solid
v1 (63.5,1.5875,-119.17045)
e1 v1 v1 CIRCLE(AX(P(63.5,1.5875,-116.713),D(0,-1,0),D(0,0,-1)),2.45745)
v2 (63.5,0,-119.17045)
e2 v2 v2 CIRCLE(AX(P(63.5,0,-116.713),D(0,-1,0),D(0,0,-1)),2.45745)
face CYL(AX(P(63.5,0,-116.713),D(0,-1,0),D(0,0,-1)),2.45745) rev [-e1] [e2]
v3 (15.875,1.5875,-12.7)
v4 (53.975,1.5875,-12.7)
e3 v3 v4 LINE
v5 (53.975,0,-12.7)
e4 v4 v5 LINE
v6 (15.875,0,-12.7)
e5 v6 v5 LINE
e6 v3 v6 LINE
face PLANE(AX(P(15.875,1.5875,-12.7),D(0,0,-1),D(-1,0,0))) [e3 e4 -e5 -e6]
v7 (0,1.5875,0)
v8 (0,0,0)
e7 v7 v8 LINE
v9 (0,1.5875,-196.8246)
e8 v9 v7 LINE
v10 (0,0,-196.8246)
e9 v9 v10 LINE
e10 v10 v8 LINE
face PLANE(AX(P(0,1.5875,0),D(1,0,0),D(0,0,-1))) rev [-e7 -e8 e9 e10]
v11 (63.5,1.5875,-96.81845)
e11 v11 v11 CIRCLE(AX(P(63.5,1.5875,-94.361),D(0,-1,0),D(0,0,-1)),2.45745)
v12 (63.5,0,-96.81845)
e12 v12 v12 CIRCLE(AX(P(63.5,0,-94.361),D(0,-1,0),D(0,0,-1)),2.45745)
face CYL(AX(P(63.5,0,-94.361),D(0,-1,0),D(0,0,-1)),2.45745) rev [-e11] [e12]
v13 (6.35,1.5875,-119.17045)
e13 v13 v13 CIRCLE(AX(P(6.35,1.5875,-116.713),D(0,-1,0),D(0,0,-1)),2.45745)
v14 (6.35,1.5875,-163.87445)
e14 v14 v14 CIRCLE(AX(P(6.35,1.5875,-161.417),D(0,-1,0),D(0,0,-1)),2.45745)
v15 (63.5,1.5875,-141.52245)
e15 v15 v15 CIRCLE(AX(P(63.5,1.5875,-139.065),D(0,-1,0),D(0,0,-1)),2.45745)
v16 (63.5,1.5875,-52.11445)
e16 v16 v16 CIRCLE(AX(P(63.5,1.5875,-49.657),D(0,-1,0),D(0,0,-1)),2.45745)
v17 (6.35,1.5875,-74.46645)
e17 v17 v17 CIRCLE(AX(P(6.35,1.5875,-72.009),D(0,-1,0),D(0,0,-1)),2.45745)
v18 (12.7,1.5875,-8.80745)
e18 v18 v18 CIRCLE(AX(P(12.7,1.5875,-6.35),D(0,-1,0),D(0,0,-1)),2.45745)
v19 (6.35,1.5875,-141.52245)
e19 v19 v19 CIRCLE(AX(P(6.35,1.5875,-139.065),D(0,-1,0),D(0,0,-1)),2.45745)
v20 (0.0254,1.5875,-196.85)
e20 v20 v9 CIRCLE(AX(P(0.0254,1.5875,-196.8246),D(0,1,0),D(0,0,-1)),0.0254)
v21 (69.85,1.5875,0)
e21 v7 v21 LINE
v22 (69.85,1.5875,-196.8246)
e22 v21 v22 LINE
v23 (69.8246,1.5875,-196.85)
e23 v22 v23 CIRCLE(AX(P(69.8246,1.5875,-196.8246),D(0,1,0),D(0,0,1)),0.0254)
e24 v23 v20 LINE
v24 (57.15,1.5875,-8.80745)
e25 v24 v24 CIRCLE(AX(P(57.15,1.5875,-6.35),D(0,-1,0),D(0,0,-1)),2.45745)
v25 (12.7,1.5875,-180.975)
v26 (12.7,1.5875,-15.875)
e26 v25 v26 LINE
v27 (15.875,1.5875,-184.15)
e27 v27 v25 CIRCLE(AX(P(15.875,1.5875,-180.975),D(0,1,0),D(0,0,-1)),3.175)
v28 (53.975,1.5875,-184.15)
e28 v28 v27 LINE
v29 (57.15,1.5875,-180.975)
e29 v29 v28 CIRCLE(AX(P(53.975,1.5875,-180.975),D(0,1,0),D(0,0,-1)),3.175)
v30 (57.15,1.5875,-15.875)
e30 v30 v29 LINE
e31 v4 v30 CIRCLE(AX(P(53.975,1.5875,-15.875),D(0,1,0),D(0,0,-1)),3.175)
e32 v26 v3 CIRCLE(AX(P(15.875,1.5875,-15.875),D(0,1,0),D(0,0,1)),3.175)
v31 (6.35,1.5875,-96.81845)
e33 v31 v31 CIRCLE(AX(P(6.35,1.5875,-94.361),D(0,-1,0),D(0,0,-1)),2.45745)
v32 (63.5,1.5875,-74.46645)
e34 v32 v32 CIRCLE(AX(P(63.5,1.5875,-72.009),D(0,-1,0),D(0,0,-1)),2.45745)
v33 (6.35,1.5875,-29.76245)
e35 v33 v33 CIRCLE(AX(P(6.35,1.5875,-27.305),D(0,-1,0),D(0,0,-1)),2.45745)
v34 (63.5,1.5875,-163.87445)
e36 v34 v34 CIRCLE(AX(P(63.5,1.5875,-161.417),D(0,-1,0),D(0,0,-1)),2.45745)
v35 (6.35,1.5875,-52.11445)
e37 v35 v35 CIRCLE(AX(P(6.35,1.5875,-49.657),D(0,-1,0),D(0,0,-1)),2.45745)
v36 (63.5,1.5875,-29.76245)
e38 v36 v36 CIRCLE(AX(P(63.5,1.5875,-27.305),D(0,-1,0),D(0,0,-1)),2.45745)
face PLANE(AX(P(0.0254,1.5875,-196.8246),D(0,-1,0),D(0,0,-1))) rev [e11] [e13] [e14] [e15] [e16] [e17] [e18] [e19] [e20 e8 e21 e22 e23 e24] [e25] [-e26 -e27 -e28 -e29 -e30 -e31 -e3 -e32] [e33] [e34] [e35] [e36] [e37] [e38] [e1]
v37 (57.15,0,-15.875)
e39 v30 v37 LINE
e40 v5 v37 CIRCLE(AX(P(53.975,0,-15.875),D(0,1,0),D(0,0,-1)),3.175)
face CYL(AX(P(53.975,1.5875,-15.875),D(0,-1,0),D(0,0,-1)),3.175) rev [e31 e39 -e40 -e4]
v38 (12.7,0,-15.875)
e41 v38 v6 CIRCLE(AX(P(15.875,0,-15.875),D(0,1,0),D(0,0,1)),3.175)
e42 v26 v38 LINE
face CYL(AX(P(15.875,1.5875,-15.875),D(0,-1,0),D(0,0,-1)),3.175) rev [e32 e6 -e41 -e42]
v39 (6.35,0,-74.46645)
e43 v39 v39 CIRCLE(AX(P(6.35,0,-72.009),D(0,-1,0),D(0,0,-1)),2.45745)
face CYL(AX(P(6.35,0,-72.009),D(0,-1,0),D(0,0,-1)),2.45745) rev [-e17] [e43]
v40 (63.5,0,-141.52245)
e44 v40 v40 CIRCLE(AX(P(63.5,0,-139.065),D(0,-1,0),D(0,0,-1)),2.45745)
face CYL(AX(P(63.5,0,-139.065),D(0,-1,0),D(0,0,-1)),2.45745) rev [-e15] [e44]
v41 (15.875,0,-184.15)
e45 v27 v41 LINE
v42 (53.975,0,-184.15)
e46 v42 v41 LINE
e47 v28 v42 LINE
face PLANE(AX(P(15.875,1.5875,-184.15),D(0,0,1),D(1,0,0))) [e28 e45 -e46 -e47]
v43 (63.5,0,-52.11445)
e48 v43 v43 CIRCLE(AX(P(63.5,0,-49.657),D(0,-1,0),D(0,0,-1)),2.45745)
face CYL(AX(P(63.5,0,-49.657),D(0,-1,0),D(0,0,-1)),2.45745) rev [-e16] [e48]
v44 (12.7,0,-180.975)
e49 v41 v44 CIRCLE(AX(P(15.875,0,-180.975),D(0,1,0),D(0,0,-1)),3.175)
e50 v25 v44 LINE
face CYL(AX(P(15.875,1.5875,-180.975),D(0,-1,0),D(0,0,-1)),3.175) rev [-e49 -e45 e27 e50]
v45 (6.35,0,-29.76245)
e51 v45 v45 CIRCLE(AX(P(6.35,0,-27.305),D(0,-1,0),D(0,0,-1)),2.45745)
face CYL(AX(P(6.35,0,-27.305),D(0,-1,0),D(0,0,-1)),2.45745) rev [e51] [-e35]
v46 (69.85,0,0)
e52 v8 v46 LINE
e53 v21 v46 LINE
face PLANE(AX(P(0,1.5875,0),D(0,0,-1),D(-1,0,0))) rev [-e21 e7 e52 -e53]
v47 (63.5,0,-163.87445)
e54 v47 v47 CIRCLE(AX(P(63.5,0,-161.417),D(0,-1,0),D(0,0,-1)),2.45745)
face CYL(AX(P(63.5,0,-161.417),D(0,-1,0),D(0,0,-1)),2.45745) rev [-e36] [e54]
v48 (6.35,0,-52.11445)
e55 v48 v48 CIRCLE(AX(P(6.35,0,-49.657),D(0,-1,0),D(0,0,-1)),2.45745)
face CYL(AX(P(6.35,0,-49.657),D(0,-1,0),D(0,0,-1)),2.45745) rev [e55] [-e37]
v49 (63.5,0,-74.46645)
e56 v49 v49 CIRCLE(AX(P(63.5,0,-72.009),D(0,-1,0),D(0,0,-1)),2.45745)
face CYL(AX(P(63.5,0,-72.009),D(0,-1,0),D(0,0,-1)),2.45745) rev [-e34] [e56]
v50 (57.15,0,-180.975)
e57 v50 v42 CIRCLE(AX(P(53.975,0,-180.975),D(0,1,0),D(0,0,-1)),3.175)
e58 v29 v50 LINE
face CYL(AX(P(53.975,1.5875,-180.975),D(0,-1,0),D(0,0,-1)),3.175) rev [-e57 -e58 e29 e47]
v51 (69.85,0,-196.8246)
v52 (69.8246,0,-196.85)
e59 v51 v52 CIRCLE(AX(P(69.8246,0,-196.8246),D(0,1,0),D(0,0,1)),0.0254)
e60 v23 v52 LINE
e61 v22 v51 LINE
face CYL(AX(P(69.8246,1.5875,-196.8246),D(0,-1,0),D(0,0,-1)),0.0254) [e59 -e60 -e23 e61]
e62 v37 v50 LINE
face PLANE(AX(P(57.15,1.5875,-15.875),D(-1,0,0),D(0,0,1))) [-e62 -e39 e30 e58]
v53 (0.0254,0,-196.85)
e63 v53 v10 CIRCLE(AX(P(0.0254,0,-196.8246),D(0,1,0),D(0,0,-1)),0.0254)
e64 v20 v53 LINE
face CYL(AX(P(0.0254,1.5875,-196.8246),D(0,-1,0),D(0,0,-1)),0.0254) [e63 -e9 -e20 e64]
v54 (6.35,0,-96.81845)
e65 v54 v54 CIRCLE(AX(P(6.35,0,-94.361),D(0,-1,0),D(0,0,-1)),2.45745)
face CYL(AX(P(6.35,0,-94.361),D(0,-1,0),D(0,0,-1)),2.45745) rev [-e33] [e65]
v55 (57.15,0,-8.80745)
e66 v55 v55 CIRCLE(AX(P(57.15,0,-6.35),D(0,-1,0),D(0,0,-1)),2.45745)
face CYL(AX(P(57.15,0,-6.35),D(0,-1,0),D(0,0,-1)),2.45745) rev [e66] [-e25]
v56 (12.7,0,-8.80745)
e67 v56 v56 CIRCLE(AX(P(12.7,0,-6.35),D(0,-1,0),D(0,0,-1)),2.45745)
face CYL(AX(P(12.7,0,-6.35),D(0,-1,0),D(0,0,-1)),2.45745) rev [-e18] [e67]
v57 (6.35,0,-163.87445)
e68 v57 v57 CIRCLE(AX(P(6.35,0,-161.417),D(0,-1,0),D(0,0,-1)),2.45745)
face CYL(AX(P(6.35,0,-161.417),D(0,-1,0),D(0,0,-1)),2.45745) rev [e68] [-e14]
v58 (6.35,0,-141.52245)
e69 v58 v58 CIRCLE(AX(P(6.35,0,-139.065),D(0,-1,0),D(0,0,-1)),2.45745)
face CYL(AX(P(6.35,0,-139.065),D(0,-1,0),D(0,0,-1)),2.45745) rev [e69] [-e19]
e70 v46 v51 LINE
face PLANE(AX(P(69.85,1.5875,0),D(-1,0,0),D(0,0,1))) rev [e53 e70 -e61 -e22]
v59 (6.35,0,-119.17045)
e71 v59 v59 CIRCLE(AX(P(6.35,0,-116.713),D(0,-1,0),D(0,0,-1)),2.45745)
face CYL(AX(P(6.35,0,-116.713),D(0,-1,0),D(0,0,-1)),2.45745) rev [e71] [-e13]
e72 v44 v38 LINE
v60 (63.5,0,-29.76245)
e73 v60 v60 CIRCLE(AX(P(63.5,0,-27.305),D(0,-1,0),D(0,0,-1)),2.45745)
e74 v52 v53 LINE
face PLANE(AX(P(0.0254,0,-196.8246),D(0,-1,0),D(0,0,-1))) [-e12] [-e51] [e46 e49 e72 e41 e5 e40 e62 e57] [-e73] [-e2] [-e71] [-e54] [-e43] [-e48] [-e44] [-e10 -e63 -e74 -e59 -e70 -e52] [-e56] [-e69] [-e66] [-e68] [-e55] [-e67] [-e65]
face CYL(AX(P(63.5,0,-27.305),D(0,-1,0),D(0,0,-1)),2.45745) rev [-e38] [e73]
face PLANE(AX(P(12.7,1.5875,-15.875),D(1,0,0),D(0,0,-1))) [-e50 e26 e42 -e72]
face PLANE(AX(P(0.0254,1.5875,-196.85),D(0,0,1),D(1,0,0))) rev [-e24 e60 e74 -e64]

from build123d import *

# Parameters (mm, degrees)
BOSS_EXTRUDE1_DEPTH   = 1.5875
F_8_CLEARANCE_HOLE1_D = 4.9149


with BuildPart() as part:
    # Sketch1 → Boss-Extrude1 (new body)
    with BuildSketch(Plane(origin=(0, 0, 0), x_dir=(1, 0, 0), z_dir=(0, 1, 0))):
        with BuildLine():
            Line((0, 0), (69.85, 0))
            Line((69.85, 0), (69.85, 196.8246))
            ThreePointArc((69.85, 196.8246), (69.842560512, 196.842560512), (69.8246, 196.85))
            Line((69.8246, 196.85), (0.0254, 196.85))
            ThreePointArc((0.0254, 196.85), (0.007439488, 196.842560512), (0, 196.8246))
            Line((0, 196.8246), (0, 0))
        make_face()
        with BuildLine():
            Line((12.7, 15.875), (12.7, 180.975))
            ThreePointArc((12.7, 180.975), (13.62993597, 183.22006403), (15.875, 184.15))
            Line((15.875, 184.15), (53.975, 184.15))
            ThreePointArc((53.975, 184.15), (56.22006403, 183.22006403), (57.15, 180.975))
            Line((57.15, 180.975), (57.15, 15.875))
            ThreePointArc((57.15, 15.875), (56.22006403, 13.62993597), (53.975, 12.7))
            Line((53.975, 12.7), (15.875, 12.7))
            ThreePointArc((15.875, 12.7), (13.62993597, 13.62993597), (12.7, 15.875))
        make_face(mode=Mode.SUBTRACT)
    extrude(amount=BOSS_EXTRUDE1_DEPTH)

    # #8 Clearance Hole1 (through all)
    with Locations(Plane(origin=(0, 0, 0), x_dir=(-1, 0, 0), z_dir=(0, -1, 0))):
        with Locations((-6.35, 161.417), (-57.15, 6.35), (-12.7, 6.35), (-63.5, 27.305), (-6.35, 27.305), (-63.5, 139.065), (-63.5, 116.713), (-63.5, 94.361), (-63.5, 72.009), (-6.35, 49.657), (-6.35, 72.009), (-6.35, 94.361), (-6.35, 116.713), (-6.35, 139.065), (-63.5, 49.657), (-63.5, 161.417)):
            Hole(F_8_CLEARANCE_HOLE1_D / 2)


solid = part.part
